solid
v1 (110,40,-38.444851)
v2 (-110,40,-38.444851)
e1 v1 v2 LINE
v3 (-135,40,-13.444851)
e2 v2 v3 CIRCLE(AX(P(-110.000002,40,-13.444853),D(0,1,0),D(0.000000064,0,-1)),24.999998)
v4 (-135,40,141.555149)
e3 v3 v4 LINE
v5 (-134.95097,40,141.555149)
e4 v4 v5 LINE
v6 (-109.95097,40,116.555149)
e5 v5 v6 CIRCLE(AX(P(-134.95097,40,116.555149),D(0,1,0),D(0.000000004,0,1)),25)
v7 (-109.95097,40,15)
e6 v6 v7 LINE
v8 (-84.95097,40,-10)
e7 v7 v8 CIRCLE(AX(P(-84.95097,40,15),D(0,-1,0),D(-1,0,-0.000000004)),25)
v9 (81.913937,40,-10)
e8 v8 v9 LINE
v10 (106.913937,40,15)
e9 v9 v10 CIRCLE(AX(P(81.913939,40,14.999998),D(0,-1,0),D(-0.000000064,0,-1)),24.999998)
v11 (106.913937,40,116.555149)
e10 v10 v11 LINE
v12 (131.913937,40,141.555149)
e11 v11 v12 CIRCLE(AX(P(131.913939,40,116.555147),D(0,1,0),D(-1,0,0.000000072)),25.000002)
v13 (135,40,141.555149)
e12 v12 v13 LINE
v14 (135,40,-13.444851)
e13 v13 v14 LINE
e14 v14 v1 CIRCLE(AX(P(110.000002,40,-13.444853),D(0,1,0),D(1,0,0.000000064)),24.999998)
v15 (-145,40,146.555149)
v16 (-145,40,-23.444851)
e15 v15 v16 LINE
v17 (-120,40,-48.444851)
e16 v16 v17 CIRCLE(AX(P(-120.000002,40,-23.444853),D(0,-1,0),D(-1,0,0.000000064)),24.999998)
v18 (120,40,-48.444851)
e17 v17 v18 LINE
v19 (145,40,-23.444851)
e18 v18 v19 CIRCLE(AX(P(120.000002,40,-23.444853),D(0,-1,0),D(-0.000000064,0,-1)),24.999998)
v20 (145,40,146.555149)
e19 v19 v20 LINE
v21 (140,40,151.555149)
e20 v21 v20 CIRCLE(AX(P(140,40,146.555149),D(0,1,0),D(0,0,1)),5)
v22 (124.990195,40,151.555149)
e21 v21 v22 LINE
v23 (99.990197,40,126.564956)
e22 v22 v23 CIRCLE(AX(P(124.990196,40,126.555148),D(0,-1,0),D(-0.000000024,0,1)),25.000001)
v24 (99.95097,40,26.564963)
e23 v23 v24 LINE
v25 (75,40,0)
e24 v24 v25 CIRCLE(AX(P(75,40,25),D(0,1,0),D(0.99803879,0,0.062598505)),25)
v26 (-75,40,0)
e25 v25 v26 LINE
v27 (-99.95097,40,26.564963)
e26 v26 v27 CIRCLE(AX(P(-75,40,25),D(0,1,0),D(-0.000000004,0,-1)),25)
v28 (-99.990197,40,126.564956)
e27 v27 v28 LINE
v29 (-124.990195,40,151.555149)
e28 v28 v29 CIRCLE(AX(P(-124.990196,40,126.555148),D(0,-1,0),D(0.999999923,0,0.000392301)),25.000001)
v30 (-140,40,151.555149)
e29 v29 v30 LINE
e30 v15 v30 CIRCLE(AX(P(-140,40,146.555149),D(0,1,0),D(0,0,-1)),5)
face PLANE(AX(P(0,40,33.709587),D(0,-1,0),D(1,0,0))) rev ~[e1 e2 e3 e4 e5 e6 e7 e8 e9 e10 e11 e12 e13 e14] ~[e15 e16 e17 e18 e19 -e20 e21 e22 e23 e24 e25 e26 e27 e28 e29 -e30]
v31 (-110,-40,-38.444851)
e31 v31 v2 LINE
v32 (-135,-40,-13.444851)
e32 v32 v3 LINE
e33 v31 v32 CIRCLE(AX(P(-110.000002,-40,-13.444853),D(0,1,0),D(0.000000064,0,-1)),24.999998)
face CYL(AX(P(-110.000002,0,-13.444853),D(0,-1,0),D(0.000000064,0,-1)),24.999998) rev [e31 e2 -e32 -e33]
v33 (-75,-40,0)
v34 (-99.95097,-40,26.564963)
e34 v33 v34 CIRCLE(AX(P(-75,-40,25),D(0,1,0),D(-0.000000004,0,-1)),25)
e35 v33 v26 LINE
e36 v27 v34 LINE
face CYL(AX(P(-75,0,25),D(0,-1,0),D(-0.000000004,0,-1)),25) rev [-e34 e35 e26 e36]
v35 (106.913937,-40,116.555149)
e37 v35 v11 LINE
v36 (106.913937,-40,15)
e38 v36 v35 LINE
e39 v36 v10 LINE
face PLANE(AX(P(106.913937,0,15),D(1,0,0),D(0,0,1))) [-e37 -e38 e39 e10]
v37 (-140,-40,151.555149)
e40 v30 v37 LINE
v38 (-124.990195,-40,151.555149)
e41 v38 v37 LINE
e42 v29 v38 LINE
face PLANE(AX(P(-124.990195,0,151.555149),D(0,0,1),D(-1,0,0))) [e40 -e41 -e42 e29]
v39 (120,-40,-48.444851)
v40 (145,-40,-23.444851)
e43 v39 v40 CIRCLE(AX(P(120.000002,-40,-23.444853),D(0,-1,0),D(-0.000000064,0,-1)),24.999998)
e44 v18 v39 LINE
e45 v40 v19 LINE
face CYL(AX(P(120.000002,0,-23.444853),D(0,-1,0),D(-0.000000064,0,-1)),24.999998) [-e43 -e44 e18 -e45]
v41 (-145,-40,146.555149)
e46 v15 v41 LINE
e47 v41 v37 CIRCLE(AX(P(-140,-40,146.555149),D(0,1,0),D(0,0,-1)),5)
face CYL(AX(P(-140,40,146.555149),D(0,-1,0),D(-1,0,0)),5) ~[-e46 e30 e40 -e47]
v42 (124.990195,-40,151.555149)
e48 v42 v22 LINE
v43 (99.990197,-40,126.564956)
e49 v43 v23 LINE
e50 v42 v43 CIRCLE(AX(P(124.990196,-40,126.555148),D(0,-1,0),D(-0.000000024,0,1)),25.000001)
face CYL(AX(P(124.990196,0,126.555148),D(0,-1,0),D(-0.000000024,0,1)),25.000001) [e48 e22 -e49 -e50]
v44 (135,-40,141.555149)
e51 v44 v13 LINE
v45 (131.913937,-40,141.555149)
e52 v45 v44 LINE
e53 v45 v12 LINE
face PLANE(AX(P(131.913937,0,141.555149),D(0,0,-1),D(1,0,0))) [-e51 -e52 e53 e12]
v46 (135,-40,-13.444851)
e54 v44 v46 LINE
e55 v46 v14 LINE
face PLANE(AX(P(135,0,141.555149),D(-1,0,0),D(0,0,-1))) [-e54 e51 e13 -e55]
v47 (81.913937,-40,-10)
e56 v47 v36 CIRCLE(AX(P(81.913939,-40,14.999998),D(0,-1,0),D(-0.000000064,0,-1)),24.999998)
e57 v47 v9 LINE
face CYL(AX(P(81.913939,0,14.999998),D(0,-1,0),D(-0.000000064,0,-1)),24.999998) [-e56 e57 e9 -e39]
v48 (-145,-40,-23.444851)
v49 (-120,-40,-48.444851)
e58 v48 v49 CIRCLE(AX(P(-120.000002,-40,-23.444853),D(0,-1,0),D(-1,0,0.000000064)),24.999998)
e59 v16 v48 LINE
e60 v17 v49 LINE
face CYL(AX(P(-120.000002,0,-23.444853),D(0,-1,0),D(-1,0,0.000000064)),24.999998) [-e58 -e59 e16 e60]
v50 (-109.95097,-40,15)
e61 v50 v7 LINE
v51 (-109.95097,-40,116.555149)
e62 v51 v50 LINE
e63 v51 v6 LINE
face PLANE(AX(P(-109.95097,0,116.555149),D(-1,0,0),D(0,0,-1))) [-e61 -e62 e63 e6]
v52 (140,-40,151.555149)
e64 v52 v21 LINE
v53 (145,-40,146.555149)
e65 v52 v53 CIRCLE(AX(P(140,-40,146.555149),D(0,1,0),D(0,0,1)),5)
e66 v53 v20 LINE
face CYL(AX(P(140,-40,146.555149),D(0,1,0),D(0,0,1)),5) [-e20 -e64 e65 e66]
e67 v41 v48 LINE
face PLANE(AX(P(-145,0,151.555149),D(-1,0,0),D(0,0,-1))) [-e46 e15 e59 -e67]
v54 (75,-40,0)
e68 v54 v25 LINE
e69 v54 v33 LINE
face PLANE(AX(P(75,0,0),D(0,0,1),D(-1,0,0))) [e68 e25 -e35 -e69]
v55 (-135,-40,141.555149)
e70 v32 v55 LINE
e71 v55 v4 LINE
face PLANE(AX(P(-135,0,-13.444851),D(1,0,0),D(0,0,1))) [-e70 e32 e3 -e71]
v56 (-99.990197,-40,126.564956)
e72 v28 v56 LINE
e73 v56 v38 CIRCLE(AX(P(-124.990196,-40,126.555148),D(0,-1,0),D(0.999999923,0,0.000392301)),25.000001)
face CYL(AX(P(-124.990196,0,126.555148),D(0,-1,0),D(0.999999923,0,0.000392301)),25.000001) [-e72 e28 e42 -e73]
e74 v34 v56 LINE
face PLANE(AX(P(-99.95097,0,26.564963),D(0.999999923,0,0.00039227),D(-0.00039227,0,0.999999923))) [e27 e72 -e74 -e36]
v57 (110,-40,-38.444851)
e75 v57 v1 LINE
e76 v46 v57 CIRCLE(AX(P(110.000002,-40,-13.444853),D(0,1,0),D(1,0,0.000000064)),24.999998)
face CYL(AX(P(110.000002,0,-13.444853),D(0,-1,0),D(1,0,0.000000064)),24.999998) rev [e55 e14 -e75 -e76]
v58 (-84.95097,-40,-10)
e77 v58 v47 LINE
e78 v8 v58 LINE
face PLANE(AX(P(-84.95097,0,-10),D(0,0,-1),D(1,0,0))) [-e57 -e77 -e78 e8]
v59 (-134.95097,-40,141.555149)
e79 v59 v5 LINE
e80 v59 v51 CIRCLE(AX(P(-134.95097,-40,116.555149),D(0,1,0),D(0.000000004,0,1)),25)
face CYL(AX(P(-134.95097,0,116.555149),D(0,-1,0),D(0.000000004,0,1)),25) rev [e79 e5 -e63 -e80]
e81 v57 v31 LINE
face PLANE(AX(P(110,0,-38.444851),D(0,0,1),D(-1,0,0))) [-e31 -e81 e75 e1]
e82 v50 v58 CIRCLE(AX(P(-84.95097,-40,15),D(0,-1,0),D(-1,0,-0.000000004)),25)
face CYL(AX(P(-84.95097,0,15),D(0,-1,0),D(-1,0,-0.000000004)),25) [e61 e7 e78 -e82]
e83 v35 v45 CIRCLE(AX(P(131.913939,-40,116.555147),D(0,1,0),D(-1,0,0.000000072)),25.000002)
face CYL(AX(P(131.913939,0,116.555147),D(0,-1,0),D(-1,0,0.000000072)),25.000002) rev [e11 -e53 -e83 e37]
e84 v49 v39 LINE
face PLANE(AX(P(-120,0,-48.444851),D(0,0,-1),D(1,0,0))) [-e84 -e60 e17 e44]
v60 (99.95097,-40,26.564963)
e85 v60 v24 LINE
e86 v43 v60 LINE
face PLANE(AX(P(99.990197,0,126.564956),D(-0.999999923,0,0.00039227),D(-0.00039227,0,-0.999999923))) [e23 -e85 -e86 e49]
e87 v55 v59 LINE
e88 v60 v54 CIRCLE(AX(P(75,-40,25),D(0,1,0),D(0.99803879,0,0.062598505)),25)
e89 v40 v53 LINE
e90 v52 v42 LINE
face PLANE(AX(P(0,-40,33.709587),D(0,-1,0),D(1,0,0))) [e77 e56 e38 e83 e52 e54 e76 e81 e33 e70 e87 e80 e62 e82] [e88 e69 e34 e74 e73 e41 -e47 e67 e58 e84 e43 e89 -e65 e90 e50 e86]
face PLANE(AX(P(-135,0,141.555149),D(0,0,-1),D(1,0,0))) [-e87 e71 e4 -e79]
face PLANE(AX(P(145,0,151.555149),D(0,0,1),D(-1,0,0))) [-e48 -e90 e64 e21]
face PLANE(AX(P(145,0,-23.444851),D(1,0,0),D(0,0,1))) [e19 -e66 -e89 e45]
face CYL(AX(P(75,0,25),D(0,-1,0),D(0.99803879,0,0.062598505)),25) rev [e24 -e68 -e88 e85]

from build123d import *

# Parameters (mm, degrees)
F1_DEPTH = 40
F2_R     = 5


with BuildPart() as f1:
    # F0 (on Front) → F1 (new body, symmetric)
    with BuildSketch(Plane.XZ):
        with BuildLine():
            Line((0, 0), (-75, 0))
            ThreePointArc((-75, 0), (-93.22257, 7.88457), (-99.95097, 26.564963))
            Line((-99.95097, 26.564963), (-99.990197, 126.564956))
            ThreePointArc((-99.990197, 126.564956), (-107.315993, 144.236285), (-124.990195, 151.555149))
            Line((-124.990195, 151.555149), (-145, 151.555149))
            Line((-145, 151.555149), (-145, -23.444851))
            ThreePointArc((-145, -23.444851), (-137.67767, -41.122521), (-120, -48.444851))
            Line((-120, -48.444851), (120, -48.444851))
            ThreePointArc((120, -48.444851), (137.67767, -41.122521), (145, -23.444851))
            Line((145, -23.444851), (145, 151.555149))
            Line((145, 151.555149), (124.990195, 151.555149))
            ThreePointArc((124.990195, 151.555149), (107.315993, 144.236285), (99.990197, 126.564956))
            Line((99.990197, 126.564956), (99.95097, 26.564963))
            ThreePointArc((99.95097, 26.564963), (93.22257, 7.88457), (75, 0))
            Line((75, 0), (0, 0))
        make_face()
        with BuildLine():
            Line((-84.95097, -10), (0, -10))
            Line((0, -10), (81.913937, -10))
            ThreePointArc((81.913937, -10), (99.591607, -2.67767), (106.913937, 15))
            Line((106.913937, 15), (106.913937, 116.555149))
            ThreePointArc((106.913937, 116.555149), (114.236268, 134.232818), (131.913937, 141.555149))
            Line((131.913937, 141.555149), (135, 141.555149))
            Line((135, 141.555149), (135, -13.444851))
            ThreePointArc((135, -13.444851), (127.67767, -31.122521), (110, -38.444851))
            Line((110, -38.444851), (-110, -38.444851))
            ThreePointArc((-110, -38.444851), (-127.67767, -31.122521), (-135, -13.444851))
            Line((-135, -13.444851), (-135, 141.555149))
            Line((-135, 141.555149), (-134.95097, 141.555149))
            ThreePointArc((-134.95097, 141.555149), (-117.2733, 134.232818), (-109.95097, 116.555149))
            Line((-109.95097, 116.555149), (-109.95097, 15))
            ThreePointArc((-109.95097, 15), (-102.628639, -2.67767), (-84.95097, -10))
        make_face(mode=Mode.SUBTRACT)
    extrude(amount=F1_DEPTH, both=True)

    # F2
    f2_edges = [f1.edges().sort_by_distance(p)[0] for p in [
        (-145, 0, 151.555149),
        (145, 0, 151.555149),
    ]]
    fillet(f2_edges, radius=F2_R)


solid = f1.part
